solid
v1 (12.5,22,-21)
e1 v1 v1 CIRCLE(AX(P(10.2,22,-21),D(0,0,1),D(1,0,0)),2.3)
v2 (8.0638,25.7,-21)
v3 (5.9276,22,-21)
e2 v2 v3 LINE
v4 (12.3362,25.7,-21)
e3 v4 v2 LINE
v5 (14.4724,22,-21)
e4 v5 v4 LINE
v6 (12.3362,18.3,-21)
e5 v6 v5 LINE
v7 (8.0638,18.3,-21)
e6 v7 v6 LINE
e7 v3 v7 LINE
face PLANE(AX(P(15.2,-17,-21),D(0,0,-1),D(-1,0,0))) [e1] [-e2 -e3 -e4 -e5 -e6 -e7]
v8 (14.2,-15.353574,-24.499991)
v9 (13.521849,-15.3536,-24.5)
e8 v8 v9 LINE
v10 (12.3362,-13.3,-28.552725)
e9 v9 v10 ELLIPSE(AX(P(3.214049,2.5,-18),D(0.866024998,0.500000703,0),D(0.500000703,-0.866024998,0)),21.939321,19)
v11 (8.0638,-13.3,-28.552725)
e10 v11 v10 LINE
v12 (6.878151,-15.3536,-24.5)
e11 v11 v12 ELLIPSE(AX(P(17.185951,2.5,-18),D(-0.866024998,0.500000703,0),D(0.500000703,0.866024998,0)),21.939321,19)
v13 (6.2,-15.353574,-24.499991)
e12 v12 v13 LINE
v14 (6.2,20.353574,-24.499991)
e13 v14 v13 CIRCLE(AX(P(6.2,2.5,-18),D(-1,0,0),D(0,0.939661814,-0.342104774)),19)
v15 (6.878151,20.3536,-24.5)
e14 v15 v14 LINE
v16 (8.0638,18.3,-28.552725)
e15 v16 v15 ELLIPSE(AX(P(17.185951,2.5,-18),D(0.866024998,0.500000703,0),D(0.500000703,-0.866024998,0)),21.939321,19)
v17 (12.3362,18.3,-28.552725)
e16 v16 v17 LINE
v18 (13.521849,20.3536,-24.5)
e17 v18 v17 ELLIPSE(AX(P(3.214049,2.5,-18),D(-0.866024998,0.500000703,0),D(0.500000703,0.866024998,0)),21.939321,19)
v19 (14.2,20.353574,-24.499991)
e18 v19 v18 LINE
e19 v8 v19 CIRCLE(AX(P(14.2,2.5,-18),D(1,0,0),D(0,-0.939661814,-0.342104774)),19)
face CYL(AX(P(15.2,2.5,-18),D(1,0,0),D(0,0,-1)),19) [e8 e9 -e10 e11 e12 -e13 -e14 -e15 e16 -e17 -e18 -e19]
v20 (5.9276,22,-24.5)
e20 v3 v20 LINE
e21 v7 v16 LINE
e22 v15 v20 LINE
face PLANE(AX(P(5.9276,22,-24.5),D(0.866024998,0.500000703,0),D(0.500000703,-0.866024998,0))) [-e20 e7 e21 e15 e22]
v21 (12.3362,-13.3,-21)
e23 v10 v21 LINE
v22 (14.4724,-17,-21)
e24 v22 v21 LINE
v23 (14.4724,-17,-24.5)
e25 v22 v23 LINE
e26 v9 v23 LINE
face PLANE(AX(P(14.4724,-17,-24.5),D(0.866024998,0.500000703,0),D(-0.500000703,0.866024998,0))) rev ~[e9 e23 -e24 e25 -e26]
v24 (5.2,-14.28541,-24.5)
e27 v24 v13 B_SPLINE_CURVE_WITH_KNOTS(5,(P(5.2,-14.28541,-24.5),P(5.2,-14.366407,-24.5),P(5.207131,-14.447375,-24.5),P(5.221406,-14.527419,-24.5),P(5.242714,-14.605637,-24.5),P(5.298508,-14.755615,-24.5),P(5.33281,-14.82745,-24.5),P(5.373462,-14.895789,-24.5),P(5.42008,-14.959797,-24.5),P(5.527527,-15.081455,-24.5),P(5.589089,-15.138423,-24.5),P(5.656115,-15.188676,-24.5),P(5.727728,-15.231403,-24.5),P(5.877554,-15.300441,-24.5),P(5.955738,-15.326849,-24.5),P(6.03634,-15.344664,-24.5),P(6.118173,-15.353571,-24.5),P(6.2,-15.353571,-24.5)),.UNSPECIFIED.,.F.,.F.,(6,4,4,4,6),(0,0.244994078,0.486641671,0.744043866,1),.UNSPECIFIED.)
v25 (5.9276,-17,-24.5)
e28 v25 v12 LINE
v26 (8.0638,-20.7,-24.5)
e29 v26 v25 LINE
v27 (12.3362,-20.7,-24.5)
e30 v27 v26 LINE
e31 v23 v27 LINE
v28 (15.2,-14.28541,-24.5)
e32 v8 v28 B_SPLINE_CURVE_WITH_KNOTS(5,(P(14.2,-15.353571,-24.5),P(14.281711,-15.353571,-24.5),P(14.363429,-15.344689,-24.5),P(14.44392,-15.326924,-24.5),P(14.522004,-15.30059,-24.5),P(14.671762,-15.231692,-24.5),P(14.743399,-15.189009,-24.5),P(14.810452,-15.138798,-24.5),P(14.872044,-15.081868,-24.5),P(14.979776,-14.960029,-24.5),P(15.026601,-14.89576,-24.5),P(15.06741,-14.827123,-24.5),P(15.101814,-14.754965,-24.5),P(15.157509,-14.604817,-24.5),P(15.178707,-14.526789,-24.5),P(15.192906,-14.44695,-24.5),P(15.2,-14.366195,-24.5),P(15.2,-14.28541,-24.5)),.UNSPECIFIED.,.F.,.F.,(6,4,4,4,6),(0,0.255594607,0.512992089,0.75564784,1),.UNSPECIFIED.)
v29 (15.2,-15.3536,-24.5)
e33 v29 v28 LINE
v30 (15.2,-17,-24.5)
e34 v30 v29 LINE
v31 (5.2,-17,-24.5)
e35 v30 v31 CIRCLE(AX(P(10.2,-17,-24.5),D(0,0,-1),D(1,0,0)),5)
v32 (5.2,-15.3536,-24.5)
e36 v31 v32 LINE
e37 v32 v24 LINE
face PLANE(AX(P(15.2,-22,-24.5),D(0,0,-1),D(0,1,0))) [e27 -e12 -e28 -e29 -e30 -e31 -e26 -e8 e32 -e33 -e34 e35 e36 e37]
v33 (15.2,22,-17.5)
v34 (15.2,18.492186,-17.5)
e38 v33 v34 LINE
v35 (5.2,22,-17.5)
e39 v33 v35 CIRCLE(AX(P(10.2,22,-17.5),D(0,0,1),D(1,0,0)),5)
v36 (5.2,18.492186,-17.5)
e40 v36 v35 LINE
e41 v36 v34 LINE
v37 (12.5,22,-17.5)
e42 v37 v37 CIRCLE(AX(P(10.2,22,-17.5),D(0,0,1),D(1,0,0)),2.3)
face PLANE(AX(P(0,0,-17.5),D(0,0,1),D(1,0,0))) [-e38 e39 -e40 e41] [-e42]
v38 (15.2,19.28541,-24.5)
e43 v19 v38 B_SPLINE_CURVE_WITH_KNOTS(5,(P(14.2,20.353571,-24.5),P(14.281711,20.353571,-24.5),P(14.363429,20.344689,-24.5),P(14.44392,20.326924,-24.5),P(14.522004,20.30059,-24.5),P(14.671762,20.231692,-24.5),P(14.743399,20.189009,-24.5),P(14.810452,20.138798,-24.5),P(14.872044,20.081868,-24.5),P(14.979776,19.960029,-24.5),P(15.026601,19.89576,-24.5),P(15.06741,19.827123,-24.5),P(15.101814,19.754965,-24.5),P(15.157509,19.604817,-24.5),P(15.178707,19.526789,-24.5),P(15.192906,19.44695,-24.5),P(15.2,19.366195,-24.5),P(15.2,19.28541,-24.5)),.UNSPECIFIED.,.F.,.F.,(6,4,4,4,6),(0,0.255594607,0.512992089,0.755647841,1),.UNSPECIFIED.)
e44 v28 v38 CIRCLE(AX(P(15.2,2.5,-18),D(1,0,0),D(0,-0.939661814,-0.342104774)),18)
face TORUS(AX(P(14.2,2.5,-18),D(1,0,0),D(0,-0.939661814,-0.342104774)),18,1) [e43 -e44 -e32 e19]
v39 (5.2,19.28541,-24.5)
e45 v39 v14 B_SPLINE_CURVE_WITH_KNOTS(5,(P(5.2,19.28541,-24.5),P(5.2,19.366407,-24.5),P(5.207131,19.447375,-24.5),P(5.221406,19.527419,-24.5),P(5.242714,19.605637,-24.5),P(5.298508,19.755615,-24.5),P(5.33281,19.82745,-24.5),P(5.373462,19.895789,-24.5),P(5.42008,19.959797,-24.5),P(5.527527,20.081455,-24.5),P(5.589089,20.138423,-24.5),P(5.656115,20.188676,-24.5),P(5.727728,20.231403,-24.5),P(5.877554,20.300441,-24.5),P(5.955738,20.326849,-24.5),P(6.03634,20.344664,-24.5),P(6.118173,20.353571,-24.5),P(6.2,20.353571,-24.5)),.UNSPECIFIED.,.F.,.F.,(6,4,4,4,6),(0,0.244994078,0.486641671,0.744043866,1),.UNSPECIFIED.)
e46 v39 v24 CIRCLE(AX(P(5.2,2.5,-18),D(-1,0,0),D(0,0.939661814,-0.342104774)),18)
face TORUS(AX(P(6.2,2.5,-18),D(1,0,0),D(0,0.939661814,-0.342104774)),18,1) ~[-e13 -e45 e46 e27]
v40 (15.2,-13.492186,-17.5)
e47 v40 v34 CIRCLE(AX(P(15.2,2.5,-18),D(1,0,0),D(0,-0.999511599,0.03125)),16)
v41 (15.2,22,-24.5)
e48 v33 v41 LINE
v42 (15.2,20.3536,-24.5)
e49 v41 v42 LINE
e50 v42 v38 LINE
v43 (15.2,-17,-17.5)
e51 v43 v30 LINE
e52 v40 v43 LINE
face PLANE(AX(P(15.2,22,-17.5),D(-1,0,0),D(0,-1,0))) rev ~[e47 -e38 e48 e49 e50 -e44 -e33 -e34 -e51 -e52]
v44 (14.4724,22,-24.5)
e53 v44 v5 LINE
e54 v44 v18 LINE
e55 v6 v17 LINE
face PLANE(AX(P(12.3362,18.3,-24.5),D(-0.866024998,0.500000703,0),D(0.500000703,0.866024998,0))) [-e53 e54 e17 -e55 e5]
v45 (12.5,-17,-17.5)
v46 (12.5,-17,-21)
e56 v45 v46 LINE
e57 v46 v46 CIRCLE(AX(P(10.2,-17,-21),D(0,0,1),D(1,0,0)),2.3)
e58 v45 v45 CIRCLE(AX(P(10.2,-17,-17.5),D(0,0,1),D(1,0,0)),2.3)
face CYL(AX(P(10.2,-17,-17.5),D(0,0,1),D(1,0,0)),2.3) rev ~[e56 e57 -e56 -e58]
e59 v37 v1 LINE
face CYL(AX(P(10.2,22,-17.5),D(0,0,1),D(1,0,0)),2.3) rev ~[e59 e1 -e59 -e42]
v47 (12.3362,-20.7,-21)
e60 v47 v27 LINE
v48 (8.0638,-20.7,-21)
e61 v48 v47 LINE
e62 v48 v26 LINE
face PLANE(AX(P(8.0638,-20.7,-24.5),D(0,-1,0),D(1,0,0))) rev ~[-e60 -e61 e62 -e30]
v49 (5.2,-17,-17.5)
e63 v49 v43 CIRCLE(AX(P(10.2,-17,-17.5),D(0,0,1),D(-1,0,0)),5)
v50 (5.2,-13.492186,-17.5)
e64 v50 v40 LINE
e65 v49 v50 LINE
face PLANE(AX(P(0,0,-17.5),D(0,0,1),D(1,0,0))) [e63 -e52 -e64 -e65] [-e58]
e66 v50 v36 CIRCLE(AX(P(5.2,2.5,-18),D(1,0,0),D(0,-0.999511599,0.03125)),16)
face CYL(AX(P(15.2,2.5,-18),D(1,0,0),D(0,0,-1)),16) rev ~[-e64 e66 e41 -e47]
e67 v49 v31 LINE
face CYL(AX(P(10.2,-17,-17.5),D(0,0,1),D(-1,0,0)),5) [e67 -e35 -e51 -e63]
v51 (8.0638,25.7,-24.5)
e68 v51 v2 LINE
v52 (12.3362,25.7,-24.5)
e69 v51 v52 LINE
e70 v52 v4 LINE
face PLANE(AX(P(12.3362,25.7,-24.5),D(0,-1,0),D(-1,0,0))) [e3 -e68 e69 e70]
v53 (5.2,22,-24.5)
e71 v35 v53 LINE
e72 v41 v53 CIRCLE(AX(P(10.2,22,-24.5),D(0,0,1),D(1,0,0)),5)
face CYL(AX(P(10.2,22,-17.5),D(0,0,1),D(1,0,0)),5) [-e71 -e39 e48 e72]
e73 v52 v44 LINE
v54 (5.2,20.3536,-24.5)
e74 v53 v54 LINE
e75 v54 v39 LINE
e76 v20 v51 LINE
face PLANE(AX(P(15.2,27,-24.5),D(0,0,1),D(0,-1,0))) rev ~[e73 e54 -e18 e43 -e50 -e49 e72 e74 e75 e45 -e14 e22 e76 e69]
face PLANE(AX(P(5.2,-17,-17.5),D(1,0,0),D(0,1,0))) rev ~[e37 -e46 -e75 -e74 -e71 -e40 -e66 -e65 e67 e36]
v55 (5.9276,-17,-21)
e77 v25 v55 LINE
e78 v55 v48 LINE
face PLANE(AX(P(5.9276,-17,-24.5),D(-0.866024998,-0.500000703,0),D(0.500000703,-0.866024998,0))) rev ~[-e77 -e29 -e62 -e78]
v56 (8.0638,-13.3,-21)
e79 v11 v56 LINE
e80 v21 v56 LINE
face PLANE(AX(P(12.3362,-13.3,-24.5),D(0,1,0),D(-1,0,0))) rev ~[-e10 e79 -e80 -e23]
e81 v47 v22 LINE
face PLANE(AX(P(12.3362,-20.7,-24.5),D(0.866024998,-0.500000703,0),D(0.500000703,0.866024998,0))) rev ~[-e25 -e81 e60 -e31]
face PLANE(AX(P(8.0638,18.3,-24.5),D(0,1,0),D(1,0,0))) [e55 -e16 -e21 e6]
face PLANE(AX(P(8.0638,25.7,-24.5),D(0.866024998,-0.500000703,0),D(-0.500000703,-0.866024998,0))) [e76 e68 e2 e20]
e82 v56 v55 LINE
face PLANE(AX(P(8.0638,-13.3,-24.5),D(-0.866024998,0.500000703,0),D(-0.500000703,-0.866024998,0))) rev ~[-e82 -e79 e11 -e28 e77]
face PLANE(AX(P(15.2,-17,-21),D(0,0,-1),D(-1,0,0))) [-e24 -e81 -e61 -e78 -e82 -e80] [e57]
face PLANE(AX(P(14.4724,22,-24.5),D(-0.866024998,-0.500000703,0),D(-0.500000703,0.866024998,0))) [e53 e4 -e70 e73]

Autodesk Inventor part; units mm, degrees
ref_plane "YZ Plane" through (0, 0, 0) normal (1, 0, 0) x (0, 1, 0)
ref_plane "XZ Plane" through (0, 0, 0) normal (0, 1, 0) x (-1, 0, 0)
ref_plane "Arbeitsebene1" through (0, 0, -17.5) normal (0, 0, 1) x (1, 0, 0)
sketch "Skizze1" plane through (0, 0, -17.5) normal (0, 0, 1) x (1, 0, 0)
  arc A0 (5.2, -17) -> (15.2, -17) centre (10.2, -17) ccw
  circle A1 centre (10.2, -17) radius 2.3
  circle A2 centre (10.2, 22) radius 2.3
  arc A3 (15.2, 22) -> (5.2, 22) centre (10.2, 22) ccw
  line L0 (15.2, 22) -> (15.2, -17)
  line L1 (5.2, -17) -> (5.2, 22)
  point P0 (0, 0)
  dimension "d17" = 39
  dimension "d19" = 5
  dimension "d20" = 5
  dimension "d21" = 4.6
  dimension "d22" = 4.6
  dimension "d23" = 5.2
  dimension "d24" = 15.2
  dimension "d25" = 17
extrude "Extrusion1" add sketch "Skizze1" against normal blind 20
sketch "Skizze2" plane through (15.2, -17, -17.5) normal (1, 0, 0) x (0, 0, -1)
  circle A0 centre (0.5, 19.5) radius 16
  circle A1 centre (0.5, 19.5) radius 19
  line L0 (0, 44) -> (20, 44) projected
  line L1 (7, 44) -> (7, 37.3536)
  line L2 (7, 44) -> (4.49, 46.4189)
  line L3 (4.49, 46.4189) -> (-2.5421, 44.7897)
  line L4 (-2.5421, 44.7897) -> (-3.0105, 35.1101)
  line L5 (-3.09, 3.908) -> (-10.3297, -18.857)
  line L6 (-10.3297, -18.857) -> (9.5227, -24.4173)
  line L7 (9.5227, -24.4173) -> (7, -5)
  line L8 (0, -5) -> (20, -5) projected
  line L9 (7, -5) -> (7, 1.6464)
  line L10 (0, 0) -> (0, -5) projected
  line L11 (36.0228, 70.8555) -> (-22.3921, 70.8555)
  line L12 (-22.3921, 70.8555) -> (-22.3921, -28.3632)
  line L13 (-22.3921, -28.3632) -> (36.0228, -28.3632)
  line L14 (36.0228, -28.3632) -> (36.0228, 70.8555)
  point P0 (-17.5, 17)
  point P1 (-4.0018, 1.041)
  point P2 (-2.861, 38.2004)
  dimension "d5" = 3
  dimension "d6" = 7
  dimension "d26" = 49
  dimension "d27" = 24.5
  dimension "d28" = 32
  dimension "d29" = 18
extrude "Extrusion2" cut sketch "Skizze2" against normal blind 10 contours A0 | L14 L13 L12 L11
sketch "Skizze3" plane through (15.2, -17, -24.5) normal (0, 0, -1) x (-1, 0, 0)
  circle A0 centre (5, 39) radius 2.3 projected
  line L0 (2.8638, 35.3) -> (0.7276, 39)
  line L1 (0.7276, 39) -> (2.8638, 42.7)
  line L2 (2.8638, 42.7) -> (7.1362, 42.7)
  line L3 (7.1362, 42.7) -> (9.2724, 39)
  line L4 (9.2724, 39) -> (7.1362, 35.3)
  line L5 (7.1362, 35.3) -> (2.8638, 35.3)
  line L6 (0.7276, 0) -> (2.8638, 3.7)
  line L7 (2.8638, 3.7) -> (7.1362, 3.7)
  line L8 (7.1362, 3.7) -> (9.2724, 0)
  line L9 (9.2724, 0) -> (7.1362, -3.7)
  line L10 (7.1362, -3.7) -> (2.8638, -3.7)
  line L11 (2.8638, -3.7) -> (0.7276, 0)
  point P0 (15.2, 17)
  point P1 (5, 0)
  point P2 (5, 0)
  point P3 (5.6446, 34.7922)
  point P4 (4.3554, 34.7922)
  dimension "d9" = 7.4
  dimension "d10" = 7.4
extrude "Extrusion3" cut sketch "Skizze3" along normal blind 10 and the other way blind 3.5 contours A0 | L0 L1 L2 L3 L4 L5 | L6 L7 L8 L9 L10 L11
fillet "Rundung1" radius 1 2 edges at (15.2, 2.5, -37) (5.2, 2.5, -37)
equation "\"d20\" = d19"
equation "\"d27\" = 0.5 * d26"
equation "\"d10\" = d9"
properties part number "Schelle32"
